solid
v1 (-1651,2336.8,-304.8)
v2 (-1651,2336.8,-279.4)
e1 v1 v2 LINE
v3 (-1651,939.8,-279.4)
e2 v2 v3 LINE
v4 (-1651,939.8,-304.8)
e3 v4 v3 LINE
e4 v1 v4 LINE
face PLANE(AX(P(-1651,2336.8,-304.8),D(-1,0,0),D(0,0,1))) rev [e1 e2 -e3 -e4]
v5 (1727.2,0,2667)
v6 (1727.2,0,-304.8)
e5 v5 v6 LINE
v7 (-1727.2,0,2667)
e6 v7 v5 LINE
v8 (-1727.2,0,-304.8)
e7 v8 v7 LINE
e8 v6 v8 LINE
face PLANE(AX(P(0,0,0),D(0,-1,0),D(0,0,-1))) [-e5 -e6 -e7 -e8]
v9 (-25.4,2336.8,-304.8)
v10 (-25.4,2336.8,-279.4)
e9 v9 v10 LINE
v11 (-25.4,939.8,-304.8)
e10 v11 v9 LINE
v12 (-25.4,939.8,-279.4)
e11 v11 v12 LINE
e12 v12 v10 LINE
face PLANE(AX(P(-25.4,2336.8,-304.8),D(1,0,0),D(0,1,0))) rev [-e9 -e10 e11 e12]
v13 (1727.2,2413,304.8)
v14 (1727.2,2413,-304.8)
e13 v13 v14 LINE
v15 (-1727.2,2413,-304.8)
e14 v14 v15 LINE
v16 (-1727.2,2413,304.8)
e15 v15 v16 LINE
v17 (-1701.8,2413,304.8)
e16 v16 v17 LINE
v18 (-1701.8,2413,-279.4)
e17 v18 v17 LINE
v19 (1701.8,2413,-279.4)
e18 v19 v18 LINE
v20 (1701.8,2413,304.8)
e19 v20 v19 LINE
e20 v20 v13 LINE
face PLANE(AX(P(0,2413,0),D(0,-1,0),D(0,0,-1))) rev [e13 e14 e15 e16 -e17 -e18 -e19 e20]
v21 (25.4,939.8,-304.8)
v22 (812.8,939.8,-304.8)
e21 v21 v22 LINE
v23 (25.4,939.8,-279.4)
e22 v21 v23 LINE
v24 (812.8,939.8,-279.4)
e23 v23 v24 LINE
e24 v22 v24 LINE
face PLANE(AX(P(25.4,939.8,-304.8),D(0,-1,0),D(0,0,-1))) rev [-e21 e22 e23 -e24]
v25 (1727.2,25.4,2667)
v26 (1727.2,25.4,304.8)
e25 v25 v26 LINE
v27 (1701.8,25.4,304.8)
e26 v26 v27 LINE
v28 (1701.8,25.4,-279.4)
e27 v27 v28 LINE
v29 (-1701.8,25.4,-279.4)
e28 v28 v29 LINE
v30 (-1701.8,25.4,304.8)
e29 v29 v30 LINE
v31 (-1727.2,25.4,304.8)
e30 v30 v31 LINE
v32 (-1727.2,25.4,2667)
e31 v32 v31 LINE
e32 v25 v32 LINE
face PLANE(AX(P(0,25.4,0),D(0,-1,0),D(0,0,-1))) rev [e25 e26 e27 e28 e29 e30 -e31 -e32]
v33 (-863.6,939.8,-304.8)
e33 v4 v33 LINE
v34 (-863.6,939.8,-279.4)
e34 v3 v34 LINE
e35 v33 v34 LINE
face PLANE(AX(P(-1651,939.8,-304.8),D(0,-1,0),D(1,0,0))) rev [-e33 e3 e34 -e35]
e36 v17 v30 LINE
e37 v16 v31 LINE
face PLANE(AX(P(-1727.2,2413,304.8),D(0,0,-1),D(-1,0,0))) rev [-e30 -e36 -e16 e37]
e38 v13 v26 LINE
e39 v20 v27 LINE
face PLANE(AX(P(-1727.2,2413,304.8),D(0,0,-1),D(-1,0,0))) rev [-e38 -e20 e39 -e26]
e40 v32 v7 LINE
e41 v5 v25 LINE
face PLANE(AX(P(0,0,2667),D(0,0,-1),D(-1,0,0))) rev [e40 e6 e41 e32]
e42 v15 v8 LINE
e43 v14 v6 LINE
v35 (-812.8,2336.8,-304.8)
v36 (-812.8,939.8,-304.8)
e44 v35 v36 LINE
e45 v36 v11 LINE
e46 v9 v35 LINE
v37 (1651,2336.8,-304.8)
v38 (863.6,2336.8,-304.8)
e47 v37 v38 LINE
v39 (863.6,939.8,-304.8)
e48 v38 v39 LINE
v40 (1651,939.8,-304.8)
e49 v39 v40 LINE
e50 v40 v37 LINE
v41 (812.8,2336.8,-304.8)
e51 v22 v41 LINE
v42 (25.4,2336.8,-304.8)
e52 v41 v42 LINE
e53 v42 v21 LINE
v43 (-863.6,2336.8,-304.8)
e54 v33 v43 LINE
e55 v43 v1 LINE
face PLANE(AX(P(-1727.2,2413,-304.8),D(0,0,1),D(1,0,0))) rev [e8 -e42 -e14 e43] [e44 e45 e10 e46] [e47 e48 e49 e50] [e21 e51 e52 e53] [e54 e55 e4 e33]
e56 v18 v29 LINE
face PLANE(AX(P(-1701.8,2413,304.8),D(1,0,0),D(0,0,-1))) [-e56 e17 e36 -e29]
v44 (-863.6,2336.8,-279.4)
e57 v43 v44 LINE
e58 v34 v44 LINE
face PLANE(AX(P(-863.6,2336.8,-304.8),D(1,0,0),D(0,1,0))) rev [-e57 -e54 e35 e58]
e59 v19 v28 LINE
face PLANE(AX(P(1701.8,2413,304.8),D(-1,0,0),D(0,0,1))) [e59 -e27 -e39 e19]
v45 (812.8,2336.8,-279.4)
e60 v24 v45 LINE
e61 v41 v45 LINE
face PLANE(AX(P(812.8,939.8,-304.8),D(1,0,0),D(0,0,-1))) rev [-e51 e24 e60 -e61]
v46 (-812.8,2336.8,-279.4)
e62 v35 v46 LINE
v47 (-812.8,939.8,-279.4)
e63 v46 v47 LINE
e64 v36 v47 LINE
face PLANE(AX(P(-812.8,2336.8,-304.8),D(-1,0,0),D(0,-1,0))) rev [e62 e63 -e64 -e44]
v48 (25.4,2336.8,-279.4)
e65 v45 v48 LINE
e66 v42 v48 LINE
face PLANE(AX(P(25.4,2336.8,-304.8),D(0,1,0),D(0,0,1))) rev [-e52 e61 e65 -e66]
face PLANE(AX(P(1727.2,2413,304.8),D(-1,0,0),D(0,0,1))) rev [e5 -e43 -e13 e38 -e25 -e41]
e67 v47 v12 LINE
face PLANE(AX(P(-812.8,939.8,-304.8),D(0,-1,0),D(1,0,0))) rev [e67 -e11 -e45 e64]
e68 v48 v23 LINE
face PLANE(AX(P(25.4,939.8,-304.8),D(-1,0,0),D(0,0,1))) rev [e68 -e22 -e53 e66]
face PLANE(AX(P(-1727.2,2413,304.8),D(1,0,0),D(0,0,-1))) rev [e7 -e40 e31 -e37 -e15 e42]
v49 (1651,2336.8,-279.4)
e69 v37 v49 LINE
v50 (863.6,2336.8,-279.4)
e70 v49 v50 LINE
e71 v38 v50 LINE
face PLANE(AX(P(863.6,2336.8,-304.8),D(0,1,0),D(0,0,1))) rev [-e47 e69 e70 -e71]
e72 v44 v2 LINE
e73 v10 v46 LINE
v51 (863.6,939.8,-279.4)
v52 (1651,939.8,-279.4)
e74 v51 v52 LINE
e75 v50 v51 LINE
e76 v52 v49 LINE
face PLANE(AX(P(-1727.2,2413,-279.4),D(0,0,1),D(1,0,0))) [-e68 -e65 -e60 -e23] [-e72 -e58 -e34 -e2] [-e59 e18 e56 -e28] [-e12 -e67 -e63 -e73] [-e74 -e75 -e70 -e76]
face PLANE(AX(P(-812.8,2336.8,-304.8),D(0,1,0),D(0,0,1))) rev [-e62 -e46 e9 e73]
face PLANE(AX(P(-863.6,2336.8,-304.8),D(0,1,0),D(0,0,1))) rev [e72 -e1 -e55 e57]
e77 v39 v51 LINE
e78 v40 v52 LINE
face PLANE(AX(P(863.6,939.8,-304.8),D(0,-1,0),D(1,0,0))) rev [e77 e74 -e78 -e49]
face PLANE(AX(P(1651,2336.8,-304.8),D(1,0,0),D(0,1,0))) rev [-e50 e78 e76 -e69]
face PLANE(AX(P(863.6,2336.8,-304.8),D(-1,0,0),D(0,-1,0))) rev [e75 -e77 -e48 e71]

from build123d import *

# Parameters (mm, degrees)
SKETCH1_W           = 3454.4
SKETCH1_H           = 609.6
BOSS_EXTRUDE1_DEPTH = 2413
SHELL1_T            = -25.4
SKETCH2_W           = 3454.4
SKETCH2_H           = 25.4
BOSS_EXTRUDE2_DEPTH = 2362.2
SKETCH3_W           = 787.4
SKETCH3_H           = 1397
CUT_EXTRUDE1_DEPTH  = 25.4


with BuildPart() as part:
    # Sketch1 → Boss-Extrude1 (new body)
    with BuildSketch(Plane(origin=(0, 0, 0), x_dir=(1, 0, 0), z_dir=(0, 1, 0))):
        Rectangle(SKETCH1_W, SKETCH1_H)
    extrude(amount=BOSS_EXTRUDE1_DEPTH)

    # Shell1
    shell1_openings = [part.faces().sort_by_distance(p)[0] for p in [
        (0, 2413, 0),
        (0, 1206.5, 304.8),
    ]]
    offset(amount=SHELL1_T, openings=shell1_openings, kind=Kind.INTERSECTION)

    # Sketch2 → Boss-Extrude2 (add)
    with BuildSketch(Plane.XY.offset(304.8)):
        with Locations((0, 12.7)):
            Rectangle(SKETCH2_W, SKETCH2_H)
    extrude(amount=BOSS_EXTRUDE2_DEPTH)

    # Sketch3 → Cut-Extrude1 (cut)
    with BuildSketch(Plane.XY.offset(-279.4)):
        with Locations((-1257.3, 1638.3)):
            Rectangle(SKETCH3_W, SKETCH3_H)
        with Locations((-419.1, 1638.3)):
            Rectangle(SKETCH3_W, SKETCH3_H)
        with Locations((419.1, 1638.3)):
            Rectangle(SKETCH3_W, SKETCH3_H)
        with Locations((1257.3, 1638.3)):
            Rectangle(SKETCH3_W, SKETCH3_H)
    extrude(amount=-CUT_EXTRUDE1_DEPTH, mode=Mode.SUBTRACT)


solid = part.part
